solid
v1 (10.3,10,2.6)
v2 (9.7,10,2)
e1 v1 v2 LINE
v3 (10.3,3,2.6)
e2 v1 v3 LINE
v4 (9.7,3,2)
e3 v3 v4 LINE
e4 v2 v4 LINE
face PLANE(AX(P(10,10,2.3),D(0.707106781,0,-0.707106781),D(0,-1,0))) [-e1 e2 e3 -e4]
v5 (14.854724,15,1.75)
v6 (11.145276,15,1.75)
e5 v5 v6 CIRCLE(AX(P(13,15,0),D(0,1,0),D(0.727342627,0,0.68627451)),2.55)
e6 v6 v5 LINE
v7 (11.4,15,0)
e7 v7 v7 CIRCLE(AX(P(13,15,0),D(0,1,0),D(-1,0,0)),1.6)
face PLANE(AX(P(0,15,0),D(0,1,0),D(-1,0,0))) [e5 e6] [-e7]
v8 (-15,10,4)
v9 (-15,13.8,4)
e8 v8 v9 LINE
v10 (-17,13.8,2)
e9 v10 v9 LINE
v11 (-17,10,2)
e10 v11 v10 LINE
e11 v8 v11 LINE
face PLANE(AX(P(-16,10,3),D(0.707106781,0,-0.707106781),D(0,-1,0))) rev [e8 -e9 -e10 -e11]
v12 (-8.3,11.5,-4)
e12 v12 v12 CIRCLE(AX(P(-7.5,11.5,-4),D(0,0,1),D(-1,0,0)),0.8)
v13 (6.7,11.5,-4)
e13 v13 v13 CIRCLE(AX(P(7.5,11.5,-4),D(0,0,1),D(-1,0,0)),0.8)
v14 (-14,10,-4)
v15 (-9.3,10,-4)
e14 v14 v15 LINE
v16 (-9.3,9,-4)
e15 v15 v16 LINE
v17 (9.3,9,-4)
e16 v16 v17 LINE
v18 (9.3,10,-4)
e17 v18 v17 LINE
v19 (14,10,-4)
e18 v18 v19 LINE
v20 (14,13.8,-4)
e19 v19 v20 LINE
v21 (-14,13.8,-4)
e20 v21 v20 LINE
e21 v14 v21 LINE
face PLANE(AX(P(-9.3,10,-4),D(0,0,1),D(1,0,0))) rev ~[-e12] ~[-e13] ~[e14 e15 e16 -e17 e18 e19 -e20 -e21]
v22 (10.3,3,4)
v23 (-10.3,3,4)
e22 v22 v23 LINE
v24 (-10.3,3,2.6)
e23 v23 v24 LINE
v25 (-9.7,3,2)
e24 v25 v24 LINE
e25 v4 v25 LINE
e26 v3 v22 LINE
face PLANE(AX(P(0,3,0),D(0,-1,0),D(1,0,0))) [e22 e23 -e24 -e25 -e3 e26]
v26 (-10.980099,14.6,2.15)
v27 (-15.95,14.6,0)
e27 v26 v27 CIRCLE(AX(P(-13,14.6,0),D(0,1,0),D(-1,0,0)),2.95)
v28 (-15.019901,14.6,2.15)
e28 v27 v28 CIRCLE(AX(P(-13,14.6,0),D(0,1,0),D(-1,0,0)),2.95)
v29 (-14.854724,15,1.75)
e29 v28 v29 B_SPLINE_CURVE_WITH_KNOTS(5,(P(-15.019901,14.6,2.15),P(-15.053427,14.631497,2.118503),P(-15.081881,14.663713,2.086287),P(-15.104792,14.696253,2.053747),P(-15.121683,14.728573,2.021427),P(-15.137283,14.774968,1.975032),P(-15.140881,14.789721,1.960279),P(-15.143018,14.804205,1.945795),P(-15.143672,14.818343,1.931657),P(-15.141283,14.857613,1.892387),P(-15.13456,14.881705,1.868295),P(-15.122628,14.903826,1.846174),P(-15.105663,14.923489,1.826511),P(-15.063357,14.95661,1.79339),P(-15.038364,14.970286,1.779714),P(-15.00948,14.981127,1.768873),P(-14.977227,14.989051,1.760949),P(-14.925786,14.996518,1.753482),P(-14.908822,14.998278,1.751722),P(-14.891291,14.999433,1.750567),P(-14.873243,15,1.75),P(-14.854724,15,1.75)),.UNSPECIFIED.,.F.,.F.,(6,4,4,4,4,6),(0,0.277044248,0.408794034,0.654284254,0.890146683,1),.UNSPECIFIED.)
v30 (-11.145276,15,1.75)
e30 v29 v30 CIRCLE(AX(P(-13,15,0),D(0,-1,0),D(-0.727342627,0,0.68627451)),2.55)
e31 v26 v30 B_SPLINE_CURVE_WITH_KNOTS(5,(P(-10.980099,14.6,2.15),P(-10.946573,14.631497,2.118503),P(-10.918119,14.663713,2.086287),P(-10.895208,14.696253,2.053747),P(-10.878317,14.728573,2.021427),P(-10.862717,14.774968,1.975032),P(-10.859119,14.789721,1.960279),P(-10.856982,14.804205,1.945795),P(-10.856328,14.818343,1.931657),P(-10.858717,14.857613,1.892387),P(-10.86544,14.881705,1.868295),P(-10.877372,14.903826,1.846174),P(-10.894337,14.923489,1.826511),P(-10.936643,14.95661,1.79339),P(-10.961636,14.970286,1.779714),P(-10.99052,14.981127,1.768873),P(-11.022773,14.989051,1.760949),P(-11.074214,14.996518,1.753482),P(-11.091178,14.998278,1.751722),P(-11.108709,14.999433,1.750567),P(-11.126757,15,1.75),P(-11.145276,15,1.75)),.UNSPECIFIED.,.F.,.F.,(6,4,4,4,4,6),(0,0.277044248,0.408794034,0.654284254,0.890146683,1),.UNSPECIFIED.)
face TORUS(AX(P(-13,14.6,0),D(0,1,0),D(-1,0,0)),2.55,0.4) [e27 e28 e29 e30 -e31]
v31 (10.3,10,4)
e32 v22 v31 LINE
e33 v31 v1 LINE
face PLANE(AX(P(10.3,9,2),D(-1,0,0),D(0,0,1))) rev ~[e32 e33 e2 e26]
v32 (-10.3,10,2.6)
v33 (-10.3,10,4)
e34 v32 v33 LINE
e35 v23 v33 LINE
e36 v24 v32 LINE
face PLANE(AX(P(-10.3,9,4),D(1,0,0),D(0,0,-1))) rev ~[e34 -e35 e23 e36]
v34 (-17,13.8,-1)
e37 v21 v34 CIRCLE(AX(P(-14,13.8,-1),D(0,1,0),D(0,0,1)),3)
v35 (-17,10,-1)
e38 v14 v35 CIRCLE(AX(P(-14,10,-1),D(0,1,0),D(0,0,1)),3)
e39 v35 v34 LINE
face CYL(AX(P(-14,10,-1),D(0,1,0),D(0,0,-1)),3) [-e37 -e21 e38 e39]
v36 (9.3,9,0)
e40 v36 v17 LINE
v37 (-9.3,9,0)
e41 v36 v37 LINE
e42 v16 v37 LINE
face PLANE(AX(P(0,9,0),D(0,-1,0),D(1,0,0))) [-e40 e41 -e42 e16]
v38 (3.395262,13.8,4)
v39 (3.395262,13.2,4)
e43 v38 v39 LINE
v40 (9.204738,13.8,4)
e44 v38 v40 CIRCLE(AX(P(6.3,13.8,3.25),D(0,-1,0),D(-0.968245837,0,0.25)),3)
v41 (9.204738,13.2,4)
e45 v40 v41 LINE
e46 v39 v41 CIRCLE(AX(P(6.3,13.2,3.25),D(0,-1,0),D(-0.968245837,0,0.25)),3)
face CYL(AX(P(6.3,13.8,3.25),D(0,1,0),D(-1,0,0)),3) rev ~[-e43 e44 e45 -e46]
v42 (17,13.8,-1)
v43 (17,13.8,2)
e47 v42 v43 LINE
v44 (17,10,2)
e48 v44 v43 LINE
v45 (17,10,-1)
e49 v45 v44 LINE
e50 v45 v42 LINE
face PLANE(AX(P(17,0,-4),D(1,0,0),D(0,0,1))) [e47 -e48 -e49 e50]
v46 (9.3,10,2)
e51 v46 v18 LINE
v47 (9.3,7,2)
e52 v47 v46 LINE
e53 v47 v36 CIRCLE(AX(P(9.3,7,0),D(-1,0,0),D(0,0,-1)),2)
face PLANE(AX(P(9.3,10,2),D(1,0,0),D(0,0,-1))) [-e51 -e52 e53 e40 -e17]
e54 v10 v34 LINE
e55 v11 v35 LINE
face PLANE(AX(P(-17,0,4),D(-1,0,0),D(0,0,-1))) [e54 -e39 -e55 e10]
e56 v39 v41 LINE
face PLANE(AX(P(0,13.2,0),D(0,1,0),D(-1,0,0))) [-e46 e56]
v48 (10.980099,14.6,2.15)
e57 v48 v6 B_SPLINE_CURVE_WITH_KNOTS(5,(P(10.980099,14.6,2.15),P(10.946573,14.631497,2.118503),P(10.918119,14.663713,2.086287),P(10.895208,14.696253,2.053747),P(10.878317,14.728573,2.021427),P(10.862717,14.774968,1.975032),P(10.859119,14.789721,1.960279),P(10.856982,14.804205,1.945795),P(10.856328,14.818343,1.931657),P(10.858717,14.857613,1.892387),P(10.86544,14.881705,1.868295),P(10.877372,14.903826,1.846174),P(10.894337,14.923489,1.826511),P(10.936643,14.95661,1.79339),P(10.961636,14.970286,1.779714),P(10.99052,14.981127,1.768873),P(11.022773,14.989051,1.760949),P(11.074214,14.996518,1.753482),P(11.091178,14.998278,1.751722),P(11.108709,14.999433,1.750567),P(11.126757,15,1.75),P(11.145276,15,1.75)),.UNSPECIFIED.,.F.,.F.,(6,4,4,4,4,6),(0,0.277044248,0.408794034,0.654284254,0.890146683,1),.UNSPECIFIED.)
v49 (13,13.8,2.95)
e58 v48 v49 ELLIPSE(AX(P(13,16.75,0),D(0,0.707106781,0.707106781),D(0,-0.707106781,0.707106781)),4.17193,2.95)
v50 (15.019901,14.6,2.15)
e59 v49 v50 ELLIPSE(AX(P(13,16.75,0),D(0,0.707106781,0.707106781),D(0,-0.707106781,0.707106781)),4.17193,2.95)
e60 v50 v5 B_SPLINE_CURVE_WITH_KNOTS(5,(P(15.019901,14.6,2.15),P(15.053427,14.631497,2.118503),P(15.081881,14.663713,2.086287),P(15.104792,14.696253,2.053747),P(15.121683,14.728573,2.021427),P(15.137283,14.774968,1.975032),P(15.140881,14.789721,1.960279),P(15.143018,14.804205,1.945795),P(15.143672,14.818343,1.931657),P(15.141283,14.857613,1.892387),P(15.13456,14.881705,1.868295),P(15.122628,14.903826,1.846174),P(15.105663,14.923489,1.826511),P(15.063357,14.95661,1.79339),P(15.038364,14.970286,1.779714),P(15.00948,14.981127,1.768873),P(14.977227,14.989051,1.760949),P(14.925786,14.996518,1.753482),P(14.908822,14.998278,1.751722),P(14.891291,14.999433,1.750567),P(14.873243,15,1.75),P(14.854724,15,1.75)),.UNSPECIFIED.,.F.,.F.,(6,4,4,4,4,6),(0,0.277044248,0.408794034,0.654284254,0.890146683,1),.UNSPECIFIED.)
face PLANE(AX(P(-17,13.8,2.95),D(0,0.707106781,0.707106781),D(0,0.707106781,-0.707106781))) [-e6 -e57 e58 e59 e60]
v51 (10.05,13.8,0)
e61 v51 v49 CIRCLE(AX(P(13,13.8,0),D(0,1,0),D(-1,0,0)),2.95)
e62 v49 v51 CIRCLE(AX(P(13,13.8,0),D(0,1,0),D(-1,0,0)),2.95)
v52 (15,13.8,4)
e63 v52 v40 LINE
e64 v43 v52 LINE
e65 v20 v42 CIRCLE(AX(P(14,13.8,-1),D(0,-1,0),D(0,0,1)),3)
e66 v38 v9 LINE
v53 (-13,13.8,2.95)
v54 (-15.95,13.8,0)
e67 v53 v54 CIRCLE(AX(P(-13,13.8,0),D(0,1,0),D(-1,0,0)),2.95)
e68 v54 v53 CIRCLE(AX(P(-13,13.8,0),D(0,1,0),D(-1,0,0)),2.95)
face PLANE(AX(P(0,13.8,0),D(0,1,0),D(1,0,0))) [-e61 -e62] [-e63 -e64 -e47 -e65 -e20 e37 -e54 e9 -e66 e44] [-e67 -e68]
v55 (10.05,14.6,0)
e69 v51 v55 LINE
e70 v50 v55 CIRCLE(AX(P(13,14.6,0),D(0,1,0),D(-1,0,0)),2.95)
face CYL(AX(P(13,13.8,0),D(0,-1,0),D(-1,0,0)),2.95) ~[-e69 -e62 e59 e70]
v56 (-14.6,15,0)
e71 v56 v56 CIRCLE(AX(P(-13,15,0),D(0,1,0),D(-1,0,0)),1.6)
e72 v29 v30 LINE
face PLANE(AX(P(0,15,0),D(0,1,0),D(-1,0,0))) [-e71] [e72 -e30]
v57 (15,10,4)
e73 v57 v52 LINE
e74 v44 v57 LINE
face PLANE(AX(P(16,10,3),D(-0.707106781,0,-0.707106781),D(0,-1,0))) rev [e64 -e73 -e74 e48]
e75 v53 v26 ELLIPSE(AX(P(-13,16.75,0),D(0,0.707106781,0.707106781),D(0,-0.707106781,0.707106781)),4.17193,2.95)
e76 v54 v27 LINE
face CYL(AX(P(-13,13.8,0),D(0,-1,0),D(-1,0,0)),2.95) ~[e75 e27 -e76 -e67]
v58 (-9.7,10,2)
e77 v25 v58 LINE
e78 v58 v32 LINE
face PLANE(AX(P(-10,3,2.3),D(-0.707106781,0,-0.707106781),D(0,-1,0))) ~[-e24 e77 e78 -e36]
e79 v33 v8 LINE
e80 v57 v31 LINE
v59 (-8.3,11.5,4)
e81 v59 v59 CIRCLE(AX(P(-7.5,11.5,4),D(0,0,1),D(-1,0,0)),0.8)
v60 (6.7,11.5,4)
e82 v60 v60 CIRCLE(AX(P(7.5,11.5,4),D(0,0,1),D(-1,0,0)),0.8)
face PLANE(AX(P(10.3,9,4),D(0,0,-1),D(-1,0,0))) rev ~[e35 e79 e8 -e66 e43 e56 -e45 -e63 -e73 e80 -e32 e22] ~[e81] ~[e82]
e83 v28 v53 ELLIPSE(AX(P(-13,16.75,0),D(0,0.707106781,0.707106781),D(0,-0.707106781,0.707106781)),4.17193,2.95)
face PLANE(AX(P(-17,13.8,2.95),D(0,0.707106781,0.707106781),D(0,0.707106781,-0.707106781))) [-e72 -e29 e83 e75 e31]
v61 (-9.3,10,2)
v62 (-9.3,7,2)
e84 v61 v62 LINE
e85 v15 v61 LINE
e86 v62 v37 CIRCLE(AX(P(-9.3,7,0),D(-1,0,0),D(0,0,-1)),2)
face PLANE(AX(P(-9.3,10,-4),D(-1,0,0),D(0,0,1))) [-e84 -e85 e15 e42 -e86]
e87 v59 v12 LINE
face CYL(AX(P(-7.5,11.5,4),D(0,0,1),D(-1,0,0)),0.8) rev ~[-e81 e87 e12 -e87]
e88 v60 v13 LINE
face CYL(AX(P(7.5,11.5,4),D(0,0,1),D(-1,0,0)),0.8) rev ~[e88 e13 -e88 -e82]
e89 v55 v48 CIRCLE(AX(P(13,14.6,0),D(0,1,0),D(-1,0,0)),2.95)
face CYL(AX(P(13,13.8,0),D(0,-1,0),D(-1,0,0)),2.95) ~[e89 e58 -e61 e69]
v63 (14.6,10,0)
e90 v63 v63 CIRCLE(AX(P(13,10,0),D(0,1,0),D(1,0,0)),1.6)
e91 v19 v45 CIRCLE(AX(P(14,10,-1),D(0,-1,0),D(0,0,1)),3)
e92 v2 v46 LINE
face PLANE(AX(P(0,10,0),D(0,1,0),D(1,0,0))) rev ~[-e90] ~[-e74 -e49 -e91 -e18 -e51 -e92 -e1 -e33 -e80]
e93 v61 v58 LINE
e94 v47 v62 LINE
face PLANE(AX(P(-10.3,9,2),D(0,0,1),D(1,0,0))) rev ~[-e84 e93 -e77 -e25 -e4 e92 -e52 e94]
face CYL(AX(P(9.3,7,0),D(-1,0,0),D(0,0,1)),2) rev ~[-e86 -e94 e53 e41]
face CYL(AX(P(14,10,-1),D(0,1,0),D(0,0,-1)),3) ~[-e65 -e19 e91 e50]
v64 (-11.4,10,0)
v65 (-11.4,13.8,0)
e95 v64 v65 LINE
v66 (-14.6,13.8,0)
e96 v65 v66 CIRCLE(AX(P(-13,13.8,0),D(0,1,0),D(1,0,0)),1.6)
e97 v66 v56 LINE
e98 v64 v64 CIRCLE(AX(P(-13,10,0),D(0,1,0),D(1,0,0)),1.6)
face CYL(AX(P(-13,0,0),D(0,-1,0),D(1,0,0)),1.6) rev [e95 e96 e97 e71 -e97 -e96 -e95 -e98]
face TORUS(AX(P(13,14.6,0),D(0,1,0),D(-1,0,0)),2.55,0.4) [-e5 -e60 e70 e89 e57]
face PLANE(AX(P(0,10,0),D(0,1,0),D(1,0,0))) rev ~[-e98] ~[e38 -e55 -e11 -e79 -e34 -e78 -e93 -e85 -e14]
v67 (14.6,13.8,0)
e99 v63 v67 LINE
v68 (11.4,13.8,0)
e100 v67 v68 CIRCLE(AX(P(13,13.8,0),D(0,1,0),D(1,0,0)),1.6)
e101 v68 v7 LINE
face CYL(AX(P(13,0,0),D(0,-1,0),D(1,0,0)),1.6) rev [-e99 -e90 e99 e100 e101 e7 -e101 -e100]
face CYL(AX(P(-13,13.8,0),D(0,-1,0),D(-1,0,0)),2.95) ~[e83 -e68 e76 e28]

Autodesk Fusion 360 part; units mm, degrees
sketch "Sketch1" plane through (0, 0, 0) normal (0, 1, 0) x (1, 0, 0)
  line L0 (17, -4) -> (-17, -4)
  line L1 (-17, -4) -> (-17, 4)
  line L2 (-17, 4) -> (17, 4)
  line L3 (17, 4) -> (17, -4)
  line L4 (17, -4) -> (-17, 4) construction
  line L5 (-17, -4) -> (17, 4) construction
  circle A0 centre (-13, 0) radius 1.6
  circle A1 centre (13, 0) radius 1.6
  line L6 (-13, 0) -> (0, 0) construction
  line L7 (0, 0) -> (13, 0) construction
  dimension "d1" = 26
  dimension "d2" = 3.2
  dimension "d3" = 34
  dimension "d4" = 8
extrude "Extrude1" add sketch "Sketch1" along normal blind 13.8
sketch "Sketch3" plane through (0, 0, 4) normal (0, 0, 1) x (-1, 0, 0)
  line L0 (17, 0) -> (-17, 0)
  line L1 (-17, 0) -> (-17, -13.8)
  line L2 (-17, -13.8) -> (17, -13.8)
  line L3 (17, -13.8) -> (17, 0)
  line L4 (0, 0) -> (0, -13.8) construction
  line L5 (0, -11.5) -> (-7.5, -11.5) construction
  line L6 (0, -11.5) -> (7.5, -11.5) construction
  circle A0 centre (7.5, -11.5) radius 0.8
  circle A1 centre (-7.5, -11.5) radius 0.8
  dimension "d7" = 15
  dimension "d8" = 1.6
  dimension "d9" = 2.3
extrude "Extrude2" cut sketch "Sketch3" against normal through all contours A0 | A1
sketch "Sketch5" plane through (0, 13.8, 0) normal (0, 1, 0) x (-1, 0, 0)
  circle A0 centre (-13, 0) radius 1.6
  circle A1 centre (13, 0) radius 1.6
  line L0 (-17, -4) -> (17, -4)
  line L1 (17, -4) -> (17, 4)
  line L2 (17, 4) -> (-17, 4)
  line L3 (-17, 4) -> (-17, -4)
  circle A2 centre (-13, 0) radius 2.95
  circle A3 centre (13, 0) radius 2.95
  dimension "d11" = 5.9
extrude "Extrude3" add sketch "Sketch5" along normal blind 1.2 contours A2 | A3
fillet "Fillet1" radius 0.4 2 edges at (15.7504, 15, -1.0668) (-10.2496, 15, -1.0668)
extrude "Extrude4" cut 1 faces at (4.1385, 0, 3.1631) along direction (0, 1, 0) blind 10
sketch "Sketch7" plane through (0, 10, 0) normal (0, -1, 0) x (1, 0, 0)
  circle A0 centre (13, 0) radius 1.6
  circle A1 centre (-13, 0) radius 1.6
  line L0 (-17, -4) -> (17, -4)
  line L1 (17, -4) -> (17, 4)
  line L2 (17, 4) -> (-17, 4)
  line L3 (-17, 4) -> (-17, -4)
  circle A2 centre (-13, 0) radius 3
  circle A3 centre (13, 0) radius 3
  line L4 (-10.3, 4) -> (10.3, 4)
  line L5 (10.3, 4) -> (10.3, 2)
  line L6 (10.3, 2) -> (-10.3, 2)
  line L7 (-10.3, 2) -> (-10.3, 4)
  line L8 (-8.3, 4) -> (-6.7, 4)
  line L9 (6.7, 4) -> (8.3, 4)
  line L10 (-9.3, 2) -> (9.3, 2)
  line L11 (9.3, 2) -> (9.3, -4)
  line L12 (9.3, -4) -> (-9.3, -4)
  line L13 (-9.3, -4) -> (-9.3, 2)
  dimension "d20" = 6
  dimension "d21" = 6
  dimension "d22" = 2
  dimension "d23" = 2
  dimension "d24" = 2
  dimension "d25" = 1
  dimension "d26" = 1
extrude "Extrude5" add sketch "Sketch7" along normal blind 1 contours L0 L6 L10 L11 L12 L13 | L2 L4 L5 L6 L7 L8 L9 L10
sketch "Sketch8" plane through (0, 9, 0) normal (0, -1, 0) x (1, 0, 0)
  line L0 (-9.3, -4) -> (9.3, -4)
  line L1 (9.3, -4) -> (9.3, 2)
  line L2 (9.3, 2) -> (10.3, 2)
  line L3 (10.3, 2) -> (10.3, 4)
  line L4 (10.3, 4) -> (-10.3, 4)
  line L5 (-10.3, 4) -> (-10.3, 2)
  line L6 (-10.3, 2) -> (-9.3, 2)
  line L7 (-9.3, 2) -> (-9.3, -4)
  line L8 (-10.3, 4) -> (10.3, 4)
  line L9 (10.3, 4) -> (10.3, 2)
  line L10 (10.3, 2) -> (-10.3, 2)
  line L11 (-10.3, 2) -> (-10.3, 4)
extrude "Extrude6" add sketch "Sketch8" along normal blind 6 contours L2 L3 L4 L5 L6 L8 L9 L10 L11
fillet "Fillet3" radius 2 1 edges at (0, 9, 2)
fillet "Fillet4" radius 3 2 edges at (17, 11.9, -4) (-17, 11.9, -4)
chamfer "Chamfer1" distance 2 angle 45 2 edges at (-17, 11.9, 4) (17, 11.9, 4)
sketch "Sketch9" plane through (-17, 0, 0) normal (-1, 0, 0) x (0, -1, 0)
  line L0 (-10, 2) -> (-13.8, 2)
  line L1 (-13.8, 2) -> (-13.8, -1)
  line L2 (-13.8, -1) -> (-10, -1)
  line L3 (-10, -1) -> (-10, 2)
  line L4 (-13.8, -2.95) -> (-13.8, 2.95)
  line L5 (-14.6, 2.95) -> (-14.6, -2.95) construction
  line L6 (-15, -2.55) -> (-15, 2.55)
  line L7 (-13.8, 2.95) -> (-15, 1.75)
  line L8 (-13.8, 2.95) -> (-15, 2.95)
  line L9 (-15, 1.75) -> (-15, 2.95)
  dimension "d36" = 45
extrude "Extrude7" cut sketch "Sketch9" against normal through all contours L6 L7 L8 L9
chamfer "Chamfer2" distance 0.6 angle 45 2 edges at (-10.3, 6.5, 2) (10.3, 6.5, 2)
sketch "Sketch10" plane through (0, 13.8, 0) normal (0, 1, 0) x (-1, 0, 0)
  line L0 (-15, 4) -> (-17, 2)
  line L1 (-17, 2) -> (-17, -1)
  arc A0 (-17, -1) -> (-14, -4) centre (-14, -1) ccw
  line L2 (-14, -4) -> (14, -4)
  arc A1 (14, -4) -> (17, -1) centre (14, -1) ccw
  line L3 (17, -1) -> (17, 2)
  line L4 (17, 2) -> (15, 4)
  line L5 (15, 4) -> (-15, 4)
  circle A2 centre (-13, 0) radius 2.95
  circle A3 centre (13, 0) radius 2.95
  line L6 (-13, 0) -> (-6.3, 0) construction
  line L7 (-6.3, 0) -> (-6.3, 3.25) construction
  circle A4 centre (-6.3, 3.25) radius 3
  dimension "d39" = 6.7
  dimension "d40" = 3.25
  dimension "d41" = 6
extrude "Extrude8" cut sketch "Sketch10" against normal blind 0.6 contours L5 A4 picked at (-5.5354, 2.496)
